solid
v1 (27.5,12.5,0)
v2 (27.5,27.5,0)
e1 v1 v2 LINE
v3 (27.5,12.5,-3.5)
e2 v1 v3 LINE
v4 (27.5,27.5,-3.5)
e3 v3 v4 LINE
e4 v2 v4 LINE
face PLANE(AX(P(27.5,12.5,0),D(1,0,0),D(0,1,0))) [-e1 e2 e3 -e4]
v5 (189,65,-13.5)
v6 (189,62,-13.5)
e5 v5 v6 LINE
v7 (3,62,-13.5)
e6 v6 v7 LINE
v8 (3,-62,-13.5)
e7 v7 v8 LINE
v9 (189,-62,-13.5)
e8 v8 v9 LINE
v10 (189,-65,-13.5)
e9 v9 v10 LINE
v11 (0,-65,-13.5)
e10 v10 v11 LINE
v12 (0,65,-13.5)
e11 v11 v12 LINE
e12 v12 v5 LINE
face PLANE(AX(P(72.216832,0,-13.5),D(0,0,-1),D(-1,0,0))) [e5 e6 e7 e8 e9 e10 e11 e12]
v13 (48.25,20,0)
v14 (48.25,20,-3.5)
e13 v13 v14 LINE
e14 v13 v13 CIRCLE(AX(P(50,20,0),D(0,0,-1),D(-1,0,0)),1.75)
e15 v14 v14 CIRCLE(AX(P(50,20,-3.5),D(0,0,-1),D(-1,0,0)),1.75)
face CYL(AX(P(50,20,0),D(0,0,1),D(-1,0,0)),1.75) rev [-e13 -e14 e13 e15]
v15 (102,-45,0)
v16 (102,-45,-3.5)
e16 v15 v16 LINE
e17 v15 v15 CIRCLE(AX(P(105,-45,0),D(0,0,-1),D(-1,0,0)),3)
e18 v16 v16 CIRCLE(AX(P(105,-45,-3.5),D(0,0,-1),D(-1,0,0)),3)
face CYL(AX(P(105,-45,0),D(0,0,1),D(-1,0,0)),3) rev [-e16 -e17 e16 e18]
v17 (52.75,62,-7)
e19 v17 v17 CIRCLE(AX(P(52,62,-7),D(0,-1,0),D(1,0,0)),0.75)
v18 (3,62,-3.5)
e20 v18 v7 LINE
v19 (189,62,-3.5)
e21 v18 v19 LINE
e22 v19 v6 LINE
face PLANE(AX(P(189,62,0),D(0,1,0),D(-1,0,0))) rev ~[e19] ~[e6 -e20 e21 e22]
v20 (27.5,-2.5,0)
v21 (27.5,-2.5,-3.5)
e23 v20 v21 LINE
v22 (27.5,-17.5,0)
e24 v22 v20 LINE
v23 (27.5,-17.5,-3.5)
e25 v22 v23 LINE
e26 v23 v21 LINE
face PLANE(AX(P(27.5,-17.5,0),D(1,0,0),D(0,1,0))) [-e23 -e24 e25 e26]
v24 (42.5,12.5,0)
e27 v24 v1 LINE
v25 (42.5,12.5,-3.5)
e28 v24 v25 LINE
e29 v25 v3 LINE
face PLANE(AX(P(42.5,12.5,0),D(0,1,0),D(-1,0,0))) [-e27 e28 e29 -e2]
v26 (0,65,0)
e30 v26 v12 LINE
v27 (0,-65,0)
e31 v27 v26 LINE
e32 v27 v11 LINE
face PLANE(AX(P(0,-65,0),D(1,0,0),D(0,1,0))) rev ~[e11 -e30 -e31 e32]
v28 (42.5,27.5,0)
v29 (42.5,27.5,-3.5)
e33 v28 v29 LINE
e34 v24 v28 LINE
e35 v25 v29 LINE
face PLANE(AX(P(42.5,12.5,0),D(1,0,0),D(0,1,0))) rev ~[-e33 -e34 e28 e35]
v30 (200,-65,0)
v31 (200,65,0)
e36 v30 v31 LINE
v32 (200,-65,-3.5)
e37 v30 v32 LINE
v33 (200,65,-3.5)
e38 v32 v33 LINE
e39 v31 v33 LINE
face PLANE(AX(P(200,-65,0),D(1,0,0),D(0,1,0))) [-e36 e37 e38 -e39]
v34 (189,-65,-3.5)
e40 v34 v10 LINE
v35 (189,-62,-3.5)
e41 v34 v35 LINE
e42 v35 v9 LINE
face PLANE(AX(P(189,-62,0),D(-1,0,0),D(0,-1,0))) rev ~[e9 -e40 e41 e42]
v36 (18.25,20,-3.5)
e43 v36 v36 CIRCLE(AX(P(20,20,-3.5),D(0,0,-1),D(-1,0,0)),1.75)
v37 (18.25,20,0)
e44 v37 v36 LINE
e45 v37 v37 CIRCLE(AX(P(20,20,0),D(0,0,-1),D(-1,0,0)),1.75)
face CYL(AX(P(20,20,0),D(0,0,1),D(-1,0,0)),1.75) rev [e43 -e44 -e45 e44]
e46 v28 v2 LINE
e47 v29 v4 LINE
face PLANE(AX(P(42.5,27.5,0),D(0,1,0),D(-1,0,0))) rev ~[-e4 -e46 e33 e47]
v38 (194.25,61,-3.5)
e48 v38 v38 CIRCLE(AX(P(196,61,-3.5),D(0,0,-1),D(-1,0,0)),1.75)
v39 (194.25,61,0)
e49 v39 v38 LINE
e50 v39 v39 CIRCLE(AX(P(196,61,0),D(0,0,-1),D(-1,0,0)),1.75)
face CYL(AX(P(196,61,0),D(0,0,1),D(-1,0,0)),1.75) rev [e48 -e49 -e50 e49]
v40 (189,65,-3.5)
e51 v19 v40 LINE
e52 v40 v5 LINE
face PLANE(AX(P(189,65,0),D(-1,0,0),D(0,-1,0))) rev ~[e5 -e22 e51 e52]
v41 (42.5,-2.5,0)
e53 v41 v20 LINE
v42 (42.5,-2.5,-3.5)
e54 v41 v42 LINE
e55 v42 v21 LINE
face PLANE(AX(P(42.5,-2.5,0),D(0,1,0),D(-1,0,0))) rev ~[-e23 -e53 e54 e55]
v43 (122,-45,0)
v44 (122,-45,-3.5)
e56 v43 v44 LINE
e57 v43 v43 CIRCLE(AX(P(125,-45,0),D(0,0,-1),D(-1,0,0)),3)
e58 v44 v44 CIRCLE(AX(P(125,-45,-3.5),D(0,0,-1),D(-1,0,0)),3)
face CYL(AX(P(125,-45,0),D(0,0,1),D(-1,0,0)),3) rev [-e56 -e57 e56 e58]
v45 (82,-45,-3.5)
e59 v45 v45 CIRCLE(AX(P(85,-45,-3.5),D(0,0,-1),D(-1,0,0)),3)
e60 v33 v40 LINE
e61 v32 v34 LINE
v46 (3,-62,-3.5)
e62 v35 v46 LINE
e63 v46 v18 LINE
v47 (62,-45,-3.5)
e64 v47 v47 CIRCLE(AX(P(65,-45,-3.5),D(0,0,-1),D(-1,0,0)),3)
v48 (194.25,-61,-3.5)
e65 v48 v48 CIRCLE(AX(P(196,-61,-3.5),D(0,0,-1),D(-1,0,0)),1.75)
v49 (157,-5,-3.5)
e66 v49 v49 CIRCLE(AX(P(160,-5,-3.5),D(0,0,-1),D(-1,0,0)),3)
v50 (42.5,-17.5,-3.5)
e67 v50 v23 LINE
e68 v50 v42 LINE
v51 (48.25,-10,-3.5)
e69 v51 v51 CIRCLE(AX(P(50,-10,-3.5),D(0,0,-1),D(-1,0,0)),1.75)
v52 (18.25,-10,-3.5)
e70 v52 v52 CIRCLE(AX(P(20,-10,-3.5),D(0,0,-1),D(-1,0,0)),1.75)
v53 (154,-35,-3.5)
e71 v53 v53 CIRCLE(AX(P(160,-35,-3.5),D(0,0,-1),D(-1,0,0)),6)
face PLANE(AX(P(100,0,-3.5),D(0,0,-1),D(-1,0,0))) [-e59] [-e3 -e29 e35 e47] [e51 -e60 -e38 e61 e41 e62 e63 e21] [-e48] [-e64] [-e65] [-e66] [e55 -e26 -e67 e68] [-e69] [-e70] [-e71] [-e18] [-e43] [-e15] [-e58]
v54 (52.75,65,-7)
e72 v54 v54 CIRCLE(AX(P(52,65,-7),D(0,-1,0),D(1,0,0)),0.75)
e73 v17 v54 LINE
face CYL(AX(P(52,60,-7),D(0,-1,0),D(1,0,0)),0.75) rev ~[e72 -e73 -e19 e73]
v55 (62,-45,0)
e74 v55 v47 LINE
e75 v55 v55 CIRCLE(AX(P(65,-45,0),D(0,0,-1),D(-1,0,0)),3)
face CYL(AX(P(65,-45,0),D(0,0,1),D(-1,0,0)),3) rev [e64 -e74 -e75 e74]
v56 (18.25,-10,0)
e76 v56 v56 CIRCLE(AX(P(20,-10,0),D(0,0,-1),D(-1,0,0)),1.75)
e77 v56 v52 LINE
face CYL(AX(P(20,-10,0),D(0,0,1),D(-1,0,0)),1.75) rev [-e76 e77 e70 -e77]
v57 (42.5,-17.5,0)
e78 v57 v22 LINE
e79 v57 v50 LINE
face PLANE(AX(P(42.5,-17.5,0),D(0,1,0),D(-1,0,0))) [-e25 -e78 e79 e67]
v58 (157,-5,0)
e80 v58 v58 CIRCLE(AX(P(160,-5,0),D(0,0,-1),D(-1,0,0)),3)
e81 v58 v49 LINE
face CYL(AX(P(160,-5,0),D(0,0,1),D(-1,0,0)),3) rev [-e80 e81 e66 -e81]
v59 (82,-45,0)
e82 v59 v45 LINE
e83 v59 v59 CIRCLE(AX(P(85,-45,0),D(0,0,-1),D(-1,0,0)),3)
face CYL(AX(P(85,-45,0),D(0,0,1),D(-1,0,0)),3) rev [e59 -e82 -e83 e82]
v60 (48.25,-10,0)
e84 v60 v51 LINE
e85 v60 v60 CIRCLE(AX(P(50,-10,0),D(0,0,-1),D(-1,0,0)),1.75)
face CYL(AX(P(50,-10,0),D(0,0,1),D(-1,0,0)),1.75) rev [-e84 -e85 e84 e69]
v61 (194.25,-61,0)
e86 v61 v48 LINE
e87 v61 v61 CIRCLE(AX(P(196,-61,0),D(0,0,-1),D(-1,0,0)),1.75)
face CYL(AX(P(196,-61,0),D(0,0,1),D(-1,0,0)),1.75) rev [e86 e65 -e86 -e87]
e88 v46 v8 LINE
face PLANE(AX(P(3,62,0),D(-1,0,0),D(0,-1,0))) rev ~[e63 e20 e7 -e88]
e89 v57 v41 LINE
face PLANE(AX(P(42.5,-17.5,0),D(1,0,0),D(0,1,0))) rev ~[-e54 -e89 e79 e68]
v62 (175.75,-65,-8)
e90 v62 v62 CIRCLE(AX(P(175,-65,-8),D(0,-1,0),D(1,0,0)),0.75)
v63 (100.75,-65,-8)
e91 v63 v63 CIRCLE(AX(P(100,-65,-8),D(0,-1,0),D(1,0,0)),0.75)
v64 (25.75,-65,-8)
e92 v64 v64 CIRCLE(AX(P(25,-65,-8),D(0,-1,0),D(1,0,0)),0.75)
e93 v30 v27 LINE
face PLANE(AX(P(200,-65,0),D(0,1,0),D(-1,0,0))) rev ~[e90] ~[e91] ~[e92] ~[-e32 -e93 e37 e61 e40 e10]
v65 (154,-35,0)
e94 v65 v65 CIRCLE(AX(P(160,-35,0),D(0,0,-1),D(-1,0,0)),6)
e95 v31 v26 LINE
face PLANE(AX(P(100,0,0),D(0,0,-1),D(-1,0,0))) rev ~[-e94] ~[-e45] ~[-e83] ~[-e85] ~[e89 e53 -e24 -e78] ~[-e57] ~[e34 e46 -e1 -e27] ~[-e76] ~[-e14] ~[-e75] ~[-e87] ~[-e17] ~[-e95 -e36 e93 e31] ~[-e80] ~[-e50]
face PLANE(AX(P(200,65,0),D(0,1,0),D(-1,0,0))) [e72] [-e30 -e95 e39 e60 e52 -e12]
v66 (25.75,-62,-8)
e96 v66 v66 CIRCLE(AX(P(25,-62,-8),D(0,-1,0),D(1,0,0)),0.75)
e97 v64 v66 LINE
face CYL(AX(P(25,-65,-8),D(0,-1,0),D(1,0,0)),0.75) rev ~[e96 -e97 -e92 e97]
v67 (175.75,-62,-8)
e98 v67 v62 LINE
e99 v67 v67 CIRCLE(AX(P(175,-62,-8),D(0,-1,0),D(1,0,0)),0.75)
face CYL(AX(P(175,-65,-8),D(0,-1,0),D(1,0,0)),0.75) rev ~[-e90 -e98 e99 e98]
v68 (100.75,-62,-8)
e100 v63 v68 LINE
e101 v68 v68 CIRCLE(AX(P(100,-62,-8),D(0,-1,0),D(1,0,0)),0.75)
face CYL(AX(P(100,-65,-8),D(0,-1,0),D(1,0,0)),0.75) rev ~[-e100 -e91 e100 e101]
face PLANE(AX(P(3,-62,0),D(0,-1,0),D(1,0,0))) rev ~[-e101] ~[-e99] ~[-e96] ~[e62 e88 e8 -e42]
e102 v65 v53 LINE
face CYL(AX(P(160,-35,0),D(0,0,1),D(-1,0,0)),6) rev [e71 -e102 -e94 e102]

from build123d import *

# Parameters (mm, degrees)
COPYSKETCH010_W   = 200
COPYSKETCH010_H   = 130
COPYSKETCH010_R   = 1.75
COPYSKETCH010_R_2 = 3
COPYSKETCH010_R_3 = 6
COPYSKETCH010_W_2 = 15
COPYSKETCH010_H_2 = 15
PAD_DEPTH         = 3.5
PAD001_DEPTH      = 13.5
SKETCH001_R       = 0.75
POCKET_DEPTH      = 100
SKETCH002_R       = 0.75
POCKET001_DEPTH   = 5


with BuildPart() as part:
    # CopySketch010 → Pad (new body)
    with BuildSketch(Plane(origin=(0, 0, 0), x_dir=(-1, 0, 0), z_dir=(0, 0, -1))):
        with Locations((-100, 0)):
            Rectangle(COPYSKETCH010_W, COPYSKETCH010_H)
        with Locations((-196, 61)):
            Circle(COPYSKETCH010_R, mode=Mode.SUBTRACT)
        with Locations((-196, -61)):
            Circle(COPYSKETCH010_R, mode=Mode.SUBTRACT)
        with Locations((-125, -45)):
            Circle(COPYSKETCH010_R_2, mode=Mode.SUBTRACT)
        with Locations((-105, -45)):
            Circle(COPYSKETCH010_R_2, mode=Mode.SUBTRACT)
        with Locations((-85, -45)):
            Circle(COPYSKETCH010_R_2, mode=Mode.SUBTRACT)
        with Locations((-65, -45)):
            Circle(COPYSKETCH010_R_2, mode=Mode.SUBTRACT)
        with Locations((-50, -10)):
            Circle(COPYSKETCH010_R, mode=Mode.SUBTRACT)
        with Locations((-20, -10)):
            Circle(COPYSKETCH010_R, mode=Mode.SUBTRACT)
        with Locations((-50, 20)):
            Circle(COPYSKETCH010_R, mode=Mode.SUBTRACT)
        with Locations((-20, 20)):
            Circle(COPYSKETCH010_R, mode=Mode.SUBTRACT)
        with Locations((-160, -35)):
            Circle(COPYSKETCH010_R_3, mode=Mode.SUBTRACT)
        with Locations((-160, -5)):
            Circle(COPYSKETCH010_R_2, mode=Mode.SUBTRACT)
        with Locations((-35, -10)):
            Rectangle(COPYSKETCH010_W_2, COPYSKETCH010_H_2, mode=Mode.SUBTRACT)
        with Locations((-35, 20)):
            Rectangle(COPYSKETCH010_W_2, COPYSKETCH010_H_2, mode=Mode.SUBTRACT)
    extrude(amount=PAD_DEPTH)

    # Sketch → Pad001 (join)
    with BuildSketch(Plane.XY):
        Polygon((0, 65), (189, 65), (189, 62), (3, 62), (3, -62), (189, -62), (189, -65), (0, -65), align=None)
    extrude(amount=-PAD001_DEPTH)

    # Sketch001 → Pocket (cut, symmetric)
    with BuildSketch(Plane.XZ.offset(65)):
        with Locations((25, -8)):
            Circle(SKETCH001_R)
        with Locations((100, -8)):
            Circle(SKETCH001_R)
        with Locations((175, -8)):
            Circle(SKETCH001_R)
    extrude(amount=POCKET_DEPTH, both=True, mode=Mode.SUBTRACT)

    # Sketch002 → Pocket001 (cut)
    with BuildSketch(Plane.XZ.offset(-60)):
        with Locations((52, -7)):
            Circle(SKETCH002_R)
    extrude(amount=-POCKET001_DEPTH, mode=Mode.SUBTRACT)


solid = part.part
